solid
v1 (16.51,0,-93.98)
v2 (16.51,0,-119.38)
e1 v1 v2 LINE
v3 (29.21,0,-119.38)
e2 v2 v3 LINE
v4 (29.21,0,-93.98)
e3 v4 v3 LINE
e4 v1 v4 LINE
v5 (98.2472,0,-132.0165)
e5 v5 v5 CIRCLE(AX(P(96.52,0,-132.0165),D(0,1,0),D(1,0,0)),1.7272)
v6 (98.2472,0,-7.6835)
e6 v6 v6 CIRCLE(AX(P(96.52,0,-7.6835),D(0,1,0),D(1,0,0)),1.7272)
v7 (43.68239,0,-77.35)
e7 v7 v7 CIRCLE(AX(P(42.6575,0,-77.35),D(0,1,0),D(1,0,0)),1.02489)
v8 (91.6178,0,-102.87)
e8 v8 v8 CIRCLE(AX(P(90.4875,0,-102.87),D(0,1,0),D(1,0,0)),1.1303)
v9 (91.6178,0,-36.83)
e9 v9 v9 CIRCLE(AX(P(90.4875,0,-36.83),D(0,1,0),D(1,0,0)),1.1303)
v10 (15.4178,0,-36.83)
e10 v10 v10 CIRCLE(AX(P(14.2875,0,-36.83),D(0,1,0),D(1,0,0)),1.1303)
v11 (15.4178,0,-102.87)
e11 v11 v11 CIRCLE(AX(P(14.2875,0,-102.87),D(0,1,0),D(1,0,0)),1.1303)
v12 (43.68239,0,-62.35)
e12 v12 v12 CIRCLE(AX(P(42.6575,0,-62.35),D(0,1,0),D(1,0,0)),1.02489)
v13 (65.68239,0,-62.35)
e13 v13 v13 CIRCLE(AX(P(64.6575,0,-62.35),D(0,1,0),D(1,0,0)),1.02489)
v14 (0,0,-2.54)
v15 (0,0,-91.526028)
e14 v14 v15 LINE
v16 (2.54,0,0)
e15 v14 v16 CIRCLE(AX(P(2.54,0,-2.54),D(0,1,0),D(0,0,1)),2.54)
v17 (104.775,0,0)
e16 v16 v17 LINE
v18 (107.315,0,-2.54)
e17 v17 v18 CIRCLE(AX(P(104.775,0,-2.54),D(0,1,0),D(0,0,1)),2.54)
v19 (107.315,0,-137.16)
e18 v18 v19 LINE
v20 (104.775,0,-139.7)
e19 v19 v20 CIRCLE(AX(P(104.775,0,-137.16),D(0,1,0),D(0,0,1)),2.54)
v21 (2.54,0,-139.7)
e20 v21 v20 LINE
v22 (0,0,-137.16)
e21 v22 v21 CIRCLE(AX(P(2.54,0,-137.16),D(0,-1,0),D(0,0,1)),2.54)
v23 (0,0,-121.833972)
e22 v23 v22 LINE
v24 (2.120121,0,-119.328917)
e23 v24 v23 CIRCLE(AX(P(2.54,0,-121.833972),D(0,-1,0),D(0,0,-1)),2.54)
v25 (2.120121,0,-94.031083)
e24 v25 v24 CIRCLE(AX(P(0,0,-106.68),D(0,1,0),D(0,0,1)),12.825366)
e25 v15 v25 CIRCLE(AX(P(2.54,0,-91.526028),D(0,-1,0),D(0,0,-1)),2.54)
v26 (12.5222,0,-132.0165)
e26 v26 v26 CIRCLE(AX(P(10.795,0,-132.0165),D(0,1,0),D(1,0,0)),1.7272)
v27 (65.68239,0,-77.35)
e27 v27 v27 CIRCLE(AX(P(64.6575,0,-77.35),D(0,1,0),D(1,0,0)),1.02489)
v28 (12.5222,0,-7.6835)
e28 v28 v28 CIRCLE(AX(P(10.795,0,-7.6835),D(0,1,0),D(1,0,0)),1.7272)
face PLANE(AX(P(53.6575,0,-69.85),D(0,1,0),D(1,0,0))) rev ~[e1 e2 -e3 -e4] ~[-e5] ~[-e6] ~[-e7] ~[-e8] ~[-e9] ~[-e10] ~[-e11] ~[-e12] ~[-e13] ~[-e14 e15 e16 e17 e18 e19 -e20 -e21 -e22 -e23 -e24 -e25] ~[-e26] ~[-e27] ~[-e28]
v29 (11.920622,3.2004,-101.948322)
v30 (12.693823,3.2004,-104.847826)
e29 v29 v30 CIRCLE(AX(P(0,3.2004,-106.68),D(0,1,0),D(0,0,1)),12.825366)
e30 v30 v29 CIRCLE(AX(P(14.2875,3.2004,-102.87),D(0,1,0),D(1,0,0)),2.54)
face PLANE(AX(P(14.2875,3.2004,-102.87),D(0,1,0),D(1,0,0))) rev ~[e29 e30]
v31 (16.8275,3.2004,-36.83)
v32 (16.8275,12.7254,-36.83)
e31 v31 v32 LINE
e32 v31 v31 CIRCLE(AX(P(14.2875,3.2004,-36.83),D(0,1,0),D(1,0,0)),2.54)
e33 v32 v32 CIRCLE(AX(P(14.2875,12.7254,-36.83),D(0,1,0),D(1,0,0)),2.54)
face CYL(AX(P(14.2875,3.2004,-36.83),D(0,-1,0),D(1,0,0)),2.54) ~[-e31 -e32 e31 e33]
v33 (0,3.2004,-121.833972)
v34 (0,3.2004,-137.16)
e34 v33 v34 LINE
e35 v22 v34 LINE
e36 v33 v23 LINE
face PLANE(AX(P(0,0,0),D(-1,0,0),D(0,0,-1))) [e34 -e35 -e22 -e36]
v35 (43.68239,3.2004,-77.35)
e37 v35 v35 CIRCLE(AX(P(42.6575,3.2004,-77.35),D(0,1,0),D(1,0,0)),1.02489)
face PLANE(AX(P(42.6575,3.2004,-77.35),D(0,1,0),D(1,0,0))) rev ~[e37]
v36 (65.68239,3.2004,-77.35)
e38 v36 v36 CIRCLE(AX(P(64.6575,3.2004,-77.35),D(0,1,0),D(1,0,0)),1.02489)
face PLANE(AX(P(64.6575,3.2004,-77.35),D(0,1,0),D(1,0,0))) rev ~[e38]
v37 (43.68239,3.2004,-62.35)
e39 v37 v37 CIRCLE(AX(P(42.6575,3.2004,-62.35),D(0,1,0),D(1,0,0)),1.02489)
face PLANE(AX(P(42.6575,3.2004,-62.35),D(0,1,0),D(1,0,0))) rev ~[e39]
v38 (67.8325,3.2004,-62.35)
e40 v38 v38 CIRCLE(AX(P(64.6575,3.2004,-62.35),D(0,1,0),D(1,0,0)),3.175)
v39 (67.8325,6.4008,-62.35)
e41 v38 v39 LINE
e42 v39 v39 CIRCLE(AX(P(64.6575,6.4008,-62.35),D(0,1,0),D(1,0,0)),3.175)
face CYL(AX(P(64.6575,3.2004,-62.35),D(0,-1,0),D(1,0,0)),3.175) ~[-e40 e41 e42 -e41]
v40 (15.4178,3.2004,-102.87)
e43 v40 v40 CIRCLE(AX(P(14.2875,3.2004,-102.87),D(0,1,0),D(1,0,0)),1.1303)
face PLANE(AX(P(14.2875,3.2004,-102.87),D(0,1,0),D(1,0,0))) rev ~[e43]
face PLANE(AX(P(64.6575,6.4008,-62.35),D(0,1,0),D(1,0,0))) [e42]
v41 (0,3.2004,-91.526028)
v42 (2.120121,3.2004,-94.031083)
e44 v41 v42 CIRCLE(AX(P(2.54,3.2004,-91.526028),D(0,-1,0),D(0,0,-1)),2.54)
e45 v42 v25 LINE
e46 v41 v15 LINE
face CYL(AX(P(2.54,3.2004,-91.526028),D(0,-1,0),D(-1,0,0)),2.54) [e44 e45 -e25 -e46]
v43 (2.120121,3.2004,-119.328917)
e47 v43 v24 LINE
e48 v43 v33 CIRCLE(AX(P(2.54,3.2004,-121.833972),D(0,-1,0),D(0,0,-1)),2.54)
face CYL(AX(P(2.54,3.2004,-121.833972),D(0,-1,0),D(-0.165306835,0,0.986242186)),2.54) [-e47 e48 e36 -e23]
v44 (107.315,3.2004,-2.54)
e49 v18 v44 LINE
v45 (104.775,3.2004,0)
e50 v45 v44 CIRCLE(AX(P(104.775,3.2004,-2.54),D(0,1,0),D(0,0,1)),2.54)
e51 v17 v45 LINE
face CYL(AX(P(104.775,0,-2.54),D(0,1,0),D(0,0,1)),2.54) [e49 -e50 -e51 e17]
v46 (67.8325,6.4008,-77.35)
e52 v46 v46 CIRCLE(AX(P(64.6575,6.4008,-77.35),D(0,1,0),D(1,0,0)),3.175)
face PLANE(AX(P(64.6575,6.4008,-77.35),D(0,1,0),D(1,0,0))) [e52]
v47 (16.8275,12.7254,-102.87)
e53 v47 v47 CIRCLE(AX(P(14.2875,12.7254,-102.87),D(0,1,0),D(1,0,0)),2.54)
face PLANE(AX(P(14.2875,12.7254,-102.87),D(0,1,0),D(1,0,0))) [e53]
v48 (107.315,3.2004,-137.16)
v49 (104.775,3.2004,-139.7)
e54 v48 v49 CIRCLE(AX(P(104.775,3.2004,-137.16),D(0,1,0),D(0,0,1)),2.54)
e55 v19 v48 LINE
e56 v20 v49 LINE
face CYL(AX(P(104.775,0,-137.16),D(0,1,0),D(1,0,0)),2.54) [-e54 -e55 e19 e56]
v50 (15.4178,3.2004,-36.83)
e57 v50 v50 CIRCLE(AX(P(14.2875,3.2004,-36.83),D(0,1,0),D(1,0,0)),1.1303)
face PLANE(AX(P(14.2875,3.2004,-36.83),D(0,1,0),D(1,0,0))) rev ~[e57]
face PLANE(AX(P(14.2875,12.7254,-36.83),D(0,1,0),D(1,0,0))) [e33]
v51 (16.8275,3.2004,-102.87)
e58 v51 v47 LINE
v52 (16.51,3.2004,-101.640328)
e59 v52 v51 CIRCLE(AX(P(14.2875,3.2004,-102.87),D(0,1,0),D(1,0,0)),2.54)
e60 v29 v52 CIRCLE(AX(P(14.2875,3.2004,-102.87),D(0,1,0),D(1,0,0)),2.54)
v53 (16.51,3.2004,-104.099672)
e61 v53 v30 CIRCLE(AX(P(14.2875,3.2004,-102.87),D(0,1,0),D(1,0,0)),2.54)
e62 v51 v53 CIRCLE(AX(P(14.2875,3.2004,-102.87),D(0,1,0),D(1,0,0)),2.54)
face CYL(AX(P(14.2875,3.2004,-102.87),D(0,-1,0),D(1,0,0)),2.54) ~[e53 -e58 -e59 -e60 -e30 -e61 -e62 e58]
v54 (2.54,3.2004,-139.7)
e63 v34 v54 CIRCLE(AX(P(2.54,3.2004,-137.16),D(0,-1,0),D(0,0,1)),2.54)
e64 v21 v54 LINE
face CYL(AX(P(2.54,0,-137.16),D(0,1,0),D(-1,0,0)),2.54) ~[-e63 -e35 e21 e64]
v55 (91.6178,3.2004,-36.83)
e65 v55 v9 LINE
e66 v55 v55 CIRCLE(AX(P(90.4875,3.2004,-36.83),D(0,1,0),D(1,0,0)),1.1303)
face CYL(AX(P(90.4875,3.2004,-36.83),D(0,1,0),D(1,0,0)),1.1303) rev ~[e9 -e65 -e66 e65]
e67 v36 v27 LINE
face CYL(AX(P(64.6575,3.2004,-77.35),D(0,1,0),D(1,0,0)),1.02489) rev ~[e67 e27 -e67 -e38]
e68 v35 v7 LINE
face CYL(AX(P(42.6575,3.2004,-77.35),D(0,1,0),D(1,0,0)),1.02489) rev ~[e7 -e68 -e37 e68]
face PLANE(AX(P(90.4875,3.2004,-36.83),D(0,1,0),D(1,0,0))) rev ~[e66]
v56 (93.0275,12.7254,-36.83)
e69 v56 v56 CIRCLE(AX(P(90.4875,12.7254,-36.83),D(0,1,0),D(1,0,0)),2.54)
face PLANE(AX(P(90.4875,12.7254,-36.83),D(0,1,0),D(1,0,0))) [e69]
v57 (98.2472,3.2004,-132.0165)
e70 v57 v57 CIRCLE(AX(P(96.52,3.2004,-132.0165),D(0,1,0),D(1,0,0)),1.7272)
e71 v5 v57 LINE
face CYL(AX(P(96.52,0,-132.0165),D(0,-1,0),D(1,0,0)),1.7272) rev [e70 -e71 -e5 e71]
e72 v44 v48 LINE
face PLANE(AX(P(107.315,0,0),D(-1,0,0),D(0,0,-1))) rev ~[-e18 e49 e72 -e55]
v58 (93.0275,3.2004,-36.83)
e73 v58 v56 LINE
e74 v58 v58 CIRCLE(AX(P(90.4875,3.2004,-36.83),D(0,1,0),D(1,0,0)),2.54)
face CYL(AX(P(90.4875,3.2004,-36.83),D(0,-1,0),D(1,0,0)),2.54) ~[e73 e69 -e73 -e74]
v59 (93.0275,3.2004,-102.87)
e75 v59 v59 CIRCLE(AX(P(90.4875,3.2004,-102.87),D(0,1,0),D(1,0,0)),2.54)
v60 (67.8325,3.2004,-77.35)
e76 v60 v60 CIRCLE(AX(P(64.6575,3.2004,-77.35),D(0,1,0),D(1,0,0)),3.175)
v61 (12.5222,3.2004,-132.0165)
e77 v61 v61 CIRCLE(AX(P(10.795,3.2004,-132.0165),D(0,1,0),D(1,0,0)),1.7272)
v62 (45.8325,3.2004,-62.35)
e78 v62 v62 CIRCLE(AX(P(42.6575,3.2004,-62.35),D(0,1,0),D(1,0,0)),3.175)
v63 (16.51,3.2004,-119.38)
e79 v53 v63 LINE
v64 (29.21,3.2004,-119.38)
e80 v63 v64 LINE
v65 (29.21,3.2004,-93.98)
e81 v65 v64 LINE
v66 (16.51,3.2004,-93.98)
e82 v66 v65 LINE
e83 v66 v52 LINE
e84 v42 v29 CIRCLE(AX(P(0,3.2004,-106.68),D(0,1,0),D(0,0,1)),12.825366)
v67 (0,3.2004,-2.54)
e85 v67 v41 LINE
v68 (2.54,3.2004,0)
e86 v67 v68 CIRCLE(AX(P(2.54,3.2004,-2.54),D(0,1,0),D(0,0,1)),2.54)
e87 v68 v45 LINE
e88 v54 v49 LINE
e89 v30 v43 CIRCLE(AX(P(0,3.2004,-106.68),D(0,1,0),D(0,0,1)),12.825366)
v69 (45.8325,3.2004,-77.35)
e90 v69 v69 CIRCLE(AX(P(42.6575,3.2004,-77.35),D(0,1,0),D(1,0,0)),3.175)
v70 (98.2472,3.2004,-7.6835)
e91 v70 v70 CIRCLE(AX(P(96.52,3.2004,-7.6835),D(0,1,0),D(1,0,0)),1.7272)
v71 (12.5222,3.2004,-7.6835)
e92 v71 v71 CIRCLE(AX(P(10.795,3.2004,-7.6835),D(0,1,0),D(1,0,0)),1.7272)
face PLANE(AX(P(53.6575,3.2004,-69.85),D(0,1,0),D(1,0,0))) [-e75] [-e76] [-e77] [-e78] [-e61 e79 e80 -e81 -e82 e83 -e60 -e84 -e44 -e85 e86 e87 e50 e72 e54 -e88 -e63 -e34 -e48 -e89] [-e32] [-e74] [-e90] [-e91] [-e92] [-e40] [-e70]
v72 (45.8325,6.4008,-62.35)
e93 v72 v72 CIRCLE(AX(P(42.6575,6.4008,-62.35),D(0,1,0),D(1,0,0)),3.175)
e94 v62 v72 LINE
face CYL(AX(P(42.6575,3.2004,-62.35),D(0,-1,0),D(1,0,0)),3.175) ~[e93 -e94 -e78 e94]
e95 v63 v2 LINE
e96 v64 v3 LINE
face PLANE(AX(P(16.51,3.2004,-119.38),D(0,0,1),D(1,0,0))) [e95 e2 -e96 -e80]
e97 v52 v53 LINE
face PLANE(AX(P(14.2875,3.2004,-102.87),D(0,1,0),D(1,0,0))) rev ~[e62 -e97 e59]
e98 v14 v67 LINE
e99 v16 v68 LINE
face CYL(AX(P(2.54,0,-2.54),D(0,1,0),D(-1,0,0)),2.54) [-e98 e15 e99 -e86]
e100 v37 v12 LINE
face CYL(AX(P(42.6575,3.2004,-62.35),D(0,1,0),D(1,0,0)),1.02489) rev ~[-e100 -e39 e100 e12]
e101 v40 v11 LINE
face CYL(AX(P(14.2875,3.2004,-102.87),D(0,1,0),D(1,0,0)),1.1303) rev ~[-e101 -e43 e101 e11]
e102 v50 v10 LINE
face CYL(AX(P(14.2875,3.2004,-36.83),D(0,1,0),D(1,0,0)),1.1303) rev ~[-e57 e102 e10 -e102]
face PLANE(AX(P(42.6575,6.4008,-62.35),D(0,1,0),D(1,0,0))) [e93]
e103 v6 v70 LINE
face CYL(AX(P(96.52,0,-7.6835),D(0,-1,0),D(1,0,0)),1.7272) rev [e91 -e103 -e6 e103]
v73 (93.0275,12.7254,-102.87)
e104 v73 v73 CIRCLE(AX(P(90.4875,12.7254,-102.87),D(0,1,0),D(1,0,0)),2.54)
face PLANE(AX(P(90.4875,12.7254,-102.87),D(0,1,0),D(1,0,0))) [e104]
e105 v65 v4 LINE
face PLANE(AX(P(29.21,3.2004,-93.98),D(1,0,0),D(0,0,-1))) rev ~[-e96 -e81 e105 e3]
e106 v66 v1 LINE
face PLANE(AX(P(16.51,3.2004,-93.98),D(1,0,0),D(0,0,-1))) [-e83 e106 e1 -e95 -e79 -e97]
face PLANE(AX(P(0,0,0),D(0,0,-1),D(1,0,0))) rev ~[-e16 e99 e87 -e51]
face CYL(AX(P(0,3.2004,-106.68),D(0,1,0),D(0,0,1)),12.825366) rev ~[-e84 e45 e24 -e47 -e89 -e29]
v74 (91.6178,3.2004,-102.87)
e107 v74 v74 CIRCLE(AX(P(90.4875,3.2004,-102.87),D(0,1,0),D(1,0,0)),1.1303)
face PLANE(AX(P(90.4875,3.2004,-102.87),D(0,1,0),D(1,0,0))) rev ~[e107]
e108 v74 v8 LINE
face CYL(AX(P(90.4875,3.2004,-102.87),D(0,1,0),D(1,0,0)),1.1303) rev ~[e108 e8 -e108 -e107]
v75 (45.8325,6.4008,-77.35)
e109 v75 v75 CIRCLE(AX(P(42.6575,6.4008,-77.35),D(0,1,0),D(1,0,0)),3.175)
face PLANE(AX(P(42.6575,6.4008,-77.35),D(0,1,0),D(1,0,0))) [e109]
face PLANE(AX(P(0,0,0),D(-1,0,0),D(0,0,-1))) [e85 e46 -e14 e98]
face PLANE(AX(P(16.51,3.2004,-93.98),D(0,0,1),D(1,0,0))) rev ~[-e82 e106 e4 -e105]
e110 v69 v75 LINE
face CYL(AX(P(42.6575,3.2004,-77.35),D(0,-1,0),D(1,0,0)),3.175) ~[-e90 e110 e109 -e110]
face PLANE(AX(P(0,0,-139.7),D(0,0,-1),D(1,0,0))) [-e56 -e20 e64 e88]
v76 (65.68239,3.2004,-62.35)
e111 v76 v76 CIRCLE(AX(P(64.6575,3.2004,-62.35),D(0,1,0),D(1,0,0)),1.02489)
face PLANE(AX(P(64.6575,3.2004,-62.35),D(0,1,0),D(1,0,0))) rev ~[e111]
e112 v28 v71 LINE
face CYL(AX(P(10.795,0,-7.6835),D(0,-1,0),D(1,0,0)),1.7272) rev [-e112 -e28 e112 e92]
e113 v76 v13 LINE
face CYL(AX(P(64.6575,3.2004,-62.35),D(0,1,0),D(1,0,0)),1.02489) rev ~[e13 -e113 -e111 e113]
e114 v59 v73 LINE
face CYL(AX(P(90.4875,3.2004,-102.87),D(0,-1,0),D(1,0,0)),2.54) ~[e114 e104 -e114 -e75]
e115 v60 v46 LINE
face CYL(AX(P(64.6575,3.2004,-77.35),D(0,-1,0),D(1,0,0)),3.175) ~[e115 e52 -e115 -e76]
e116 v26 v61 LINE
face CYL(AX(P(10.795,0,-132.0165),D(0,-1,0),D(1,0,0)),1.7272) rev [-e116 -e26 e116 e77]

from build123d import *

# Parameters (mm, degrees)
SKETCH1_W           = 107.315
SKETCH1_H           = 139.7
SKETCH1_R           = 1.7272
BOSS_EXTRUDE1_DEPTH = 3.2004
SKETCH2_W           = 12.7
SKETCH2_H           = 25.4
CUT_EXTRUDE1_DEPTH  = 3.2004
SKETCH3_R           = 1.1303
CUT_EXTRUDE2_DEPTH  = 3.2004
FILLET1_R           = 2.54
SKETCH4_R           = 1.02489
CUT_EXTRUDE3_DEPTH  = 3.2004
SKETCH5_R           = 2.54
BOSS_EXTRUDE2_DEPTH = 9.525
SKETCH6_R           = 3.175
BOSS_EXTRUDE3_DEPTH = 3.2004


with BuildPart() as part:
    # Sketch1 → Boss-Extrude1 (new body)
    with BuildSketch(Plane(origin=(0, 0, 0), x_dir=(1, 0, 0), z_dir=(0, 1, 0))):
        with Locations((53.6575, 69.85)):
            Rectangle(SKETCH1_W, SKETCH1_H)
        with Locations((10.795, 132.0165)):
            Circle(SKETCH1_R, mode=Mode.SUBTRACT)
        with Locations((96.52, 132.0165)):
            Circle(SKETCH1_R, mode=Mode.SUBTRACT)
        with Locations((96.52, 7.6835)):
            Circle(SKETCH1_R, mode=Mode.SUBTRACT)
        with Locations((10.795, 7.6835)):
            Circle(SKETCH1_R, mode=Mode.SUBTRACT)
    extrude(amount=BOSS_EXTRUDE1_DEPTH)

    # Sketch2 → Cut-Extrude1 (cut)
    with BuildSketch(Plane(origin=(0, 3.2004, 0), x_dir=(1, 0, 0), z_dir=(0, 1, 0))):
        with Locations((22.86, 106.68)):
            Rectangle(SKETCH2_W, SKETCH2_H)
        with BuildLine():
            Line((0, 119.505365836), (0, 93.854634164))
            ThreePointArc((0, 93.854634164), (12.825365836, 106.68), (0, 119.505365836))
        make_face()
    extrude(amount=-CUT_EXTRUDE1_DEPTH, mode=Mode.SUBTRACT)

    # Sketch3 → Cut-Extrude2 (cut)
    with BuildSketch(Plane(origin=(0, 3.2004, 0), x_dir=(1, 0, 0), z_dir=(0, 1, 0))):
        with Locations((90.4875, 102.87)):
            Circle(SKETCH3_R)
        with Locations((90.4875, 36.83)):
            Circle(SKETCH3_R)
        with Locations((14.2875, 36.83)):
            Circle(SKETCH3_R)
        with Locations((14.2875, 102.87)):
            Circle(SKETCH3_R)
    extrude(amount=-CUT_EXTRUDE2_DEPTH, mode=Mode.SUBTRACT)

    # Fillet1
    fillet1_edges = [part.edges().sort_by_distance(p)[0] for p in [
        (0, 1.6002, -119.505365836),
        (0, 1.6002, -93.854634164),
        (0, 1.6002, -139.7),
        (107.315, 1.6002, -139.7),
        (107.315, 1.6002, 0),
        (0, 1.6002, 0),
    ]]
    fillet(fillet1_edges, radius=FILLET1_R)

    # Sketch4 → Cut-Extrude3 (cut)
    with BuildSketch(Plane(origin=(0, 3.2004, 0), x_dir=(1, 0, 0), z_dir=(0, 1, 0))):
        with Locations((64.6575, 77.35)):
            Circle(SKETCH4_R)
        with Locations((64.6575, 62.35)):
            Circle(SKETCH4_R)
        with Locations((42.6575, 77.35)):
            Circle(SKETCH4_R)
        with Locations((42.6575, 62.35)):
            Circle(SKETCH4_R)
    extrude(amount=-CUT_EXTRUDE3_DEPTH, mode=Mode.SUBTRACT)

    # Sketch5 → Boss-Extrude2 (add)
    with BuildSketch(Plane(origin=(0, 3.2004, 0), x_dir=(1, 0, 0), z_dir=(0, 1, 0))):
        with Locations((90.4875, 102.87)):
            Circle(SKETCH5_R)
        with Locations((90.4875, 36.83)):
            Circle(SKETCH5_R)
        with Locations((14.2875, 36.83)):
            Circle(SKETCH5_R)
        with Locations((14.2875, 102.87)):
            Circle(SKETCH5_R)
    extrude(amount=BOSS_EXTRUDE2_DEPTH)

    # Sketch6 → Boss-Extrude3 (add)
    with BuildSketch(Plane(origin=(0, 3.2004, 0), x_dir=(1, 0, 0), z_dir=(0, 1, 0))):
        with Locations((64.6575, 77.35)):
            Circle(SKETCH6_R)
        with Locations((64.6575, 62.35)):
            Circle(SKETCH6_R)
        with Locations((42.6575, 62.35)):
            Circle(SKETCH6_R)
        with Locations((42.6575, 77.35)):
            Circle(SKETCH6_R)
    extrude(amount=BOSS_EXTRUDE3_DEPTH)


solid = part.part
